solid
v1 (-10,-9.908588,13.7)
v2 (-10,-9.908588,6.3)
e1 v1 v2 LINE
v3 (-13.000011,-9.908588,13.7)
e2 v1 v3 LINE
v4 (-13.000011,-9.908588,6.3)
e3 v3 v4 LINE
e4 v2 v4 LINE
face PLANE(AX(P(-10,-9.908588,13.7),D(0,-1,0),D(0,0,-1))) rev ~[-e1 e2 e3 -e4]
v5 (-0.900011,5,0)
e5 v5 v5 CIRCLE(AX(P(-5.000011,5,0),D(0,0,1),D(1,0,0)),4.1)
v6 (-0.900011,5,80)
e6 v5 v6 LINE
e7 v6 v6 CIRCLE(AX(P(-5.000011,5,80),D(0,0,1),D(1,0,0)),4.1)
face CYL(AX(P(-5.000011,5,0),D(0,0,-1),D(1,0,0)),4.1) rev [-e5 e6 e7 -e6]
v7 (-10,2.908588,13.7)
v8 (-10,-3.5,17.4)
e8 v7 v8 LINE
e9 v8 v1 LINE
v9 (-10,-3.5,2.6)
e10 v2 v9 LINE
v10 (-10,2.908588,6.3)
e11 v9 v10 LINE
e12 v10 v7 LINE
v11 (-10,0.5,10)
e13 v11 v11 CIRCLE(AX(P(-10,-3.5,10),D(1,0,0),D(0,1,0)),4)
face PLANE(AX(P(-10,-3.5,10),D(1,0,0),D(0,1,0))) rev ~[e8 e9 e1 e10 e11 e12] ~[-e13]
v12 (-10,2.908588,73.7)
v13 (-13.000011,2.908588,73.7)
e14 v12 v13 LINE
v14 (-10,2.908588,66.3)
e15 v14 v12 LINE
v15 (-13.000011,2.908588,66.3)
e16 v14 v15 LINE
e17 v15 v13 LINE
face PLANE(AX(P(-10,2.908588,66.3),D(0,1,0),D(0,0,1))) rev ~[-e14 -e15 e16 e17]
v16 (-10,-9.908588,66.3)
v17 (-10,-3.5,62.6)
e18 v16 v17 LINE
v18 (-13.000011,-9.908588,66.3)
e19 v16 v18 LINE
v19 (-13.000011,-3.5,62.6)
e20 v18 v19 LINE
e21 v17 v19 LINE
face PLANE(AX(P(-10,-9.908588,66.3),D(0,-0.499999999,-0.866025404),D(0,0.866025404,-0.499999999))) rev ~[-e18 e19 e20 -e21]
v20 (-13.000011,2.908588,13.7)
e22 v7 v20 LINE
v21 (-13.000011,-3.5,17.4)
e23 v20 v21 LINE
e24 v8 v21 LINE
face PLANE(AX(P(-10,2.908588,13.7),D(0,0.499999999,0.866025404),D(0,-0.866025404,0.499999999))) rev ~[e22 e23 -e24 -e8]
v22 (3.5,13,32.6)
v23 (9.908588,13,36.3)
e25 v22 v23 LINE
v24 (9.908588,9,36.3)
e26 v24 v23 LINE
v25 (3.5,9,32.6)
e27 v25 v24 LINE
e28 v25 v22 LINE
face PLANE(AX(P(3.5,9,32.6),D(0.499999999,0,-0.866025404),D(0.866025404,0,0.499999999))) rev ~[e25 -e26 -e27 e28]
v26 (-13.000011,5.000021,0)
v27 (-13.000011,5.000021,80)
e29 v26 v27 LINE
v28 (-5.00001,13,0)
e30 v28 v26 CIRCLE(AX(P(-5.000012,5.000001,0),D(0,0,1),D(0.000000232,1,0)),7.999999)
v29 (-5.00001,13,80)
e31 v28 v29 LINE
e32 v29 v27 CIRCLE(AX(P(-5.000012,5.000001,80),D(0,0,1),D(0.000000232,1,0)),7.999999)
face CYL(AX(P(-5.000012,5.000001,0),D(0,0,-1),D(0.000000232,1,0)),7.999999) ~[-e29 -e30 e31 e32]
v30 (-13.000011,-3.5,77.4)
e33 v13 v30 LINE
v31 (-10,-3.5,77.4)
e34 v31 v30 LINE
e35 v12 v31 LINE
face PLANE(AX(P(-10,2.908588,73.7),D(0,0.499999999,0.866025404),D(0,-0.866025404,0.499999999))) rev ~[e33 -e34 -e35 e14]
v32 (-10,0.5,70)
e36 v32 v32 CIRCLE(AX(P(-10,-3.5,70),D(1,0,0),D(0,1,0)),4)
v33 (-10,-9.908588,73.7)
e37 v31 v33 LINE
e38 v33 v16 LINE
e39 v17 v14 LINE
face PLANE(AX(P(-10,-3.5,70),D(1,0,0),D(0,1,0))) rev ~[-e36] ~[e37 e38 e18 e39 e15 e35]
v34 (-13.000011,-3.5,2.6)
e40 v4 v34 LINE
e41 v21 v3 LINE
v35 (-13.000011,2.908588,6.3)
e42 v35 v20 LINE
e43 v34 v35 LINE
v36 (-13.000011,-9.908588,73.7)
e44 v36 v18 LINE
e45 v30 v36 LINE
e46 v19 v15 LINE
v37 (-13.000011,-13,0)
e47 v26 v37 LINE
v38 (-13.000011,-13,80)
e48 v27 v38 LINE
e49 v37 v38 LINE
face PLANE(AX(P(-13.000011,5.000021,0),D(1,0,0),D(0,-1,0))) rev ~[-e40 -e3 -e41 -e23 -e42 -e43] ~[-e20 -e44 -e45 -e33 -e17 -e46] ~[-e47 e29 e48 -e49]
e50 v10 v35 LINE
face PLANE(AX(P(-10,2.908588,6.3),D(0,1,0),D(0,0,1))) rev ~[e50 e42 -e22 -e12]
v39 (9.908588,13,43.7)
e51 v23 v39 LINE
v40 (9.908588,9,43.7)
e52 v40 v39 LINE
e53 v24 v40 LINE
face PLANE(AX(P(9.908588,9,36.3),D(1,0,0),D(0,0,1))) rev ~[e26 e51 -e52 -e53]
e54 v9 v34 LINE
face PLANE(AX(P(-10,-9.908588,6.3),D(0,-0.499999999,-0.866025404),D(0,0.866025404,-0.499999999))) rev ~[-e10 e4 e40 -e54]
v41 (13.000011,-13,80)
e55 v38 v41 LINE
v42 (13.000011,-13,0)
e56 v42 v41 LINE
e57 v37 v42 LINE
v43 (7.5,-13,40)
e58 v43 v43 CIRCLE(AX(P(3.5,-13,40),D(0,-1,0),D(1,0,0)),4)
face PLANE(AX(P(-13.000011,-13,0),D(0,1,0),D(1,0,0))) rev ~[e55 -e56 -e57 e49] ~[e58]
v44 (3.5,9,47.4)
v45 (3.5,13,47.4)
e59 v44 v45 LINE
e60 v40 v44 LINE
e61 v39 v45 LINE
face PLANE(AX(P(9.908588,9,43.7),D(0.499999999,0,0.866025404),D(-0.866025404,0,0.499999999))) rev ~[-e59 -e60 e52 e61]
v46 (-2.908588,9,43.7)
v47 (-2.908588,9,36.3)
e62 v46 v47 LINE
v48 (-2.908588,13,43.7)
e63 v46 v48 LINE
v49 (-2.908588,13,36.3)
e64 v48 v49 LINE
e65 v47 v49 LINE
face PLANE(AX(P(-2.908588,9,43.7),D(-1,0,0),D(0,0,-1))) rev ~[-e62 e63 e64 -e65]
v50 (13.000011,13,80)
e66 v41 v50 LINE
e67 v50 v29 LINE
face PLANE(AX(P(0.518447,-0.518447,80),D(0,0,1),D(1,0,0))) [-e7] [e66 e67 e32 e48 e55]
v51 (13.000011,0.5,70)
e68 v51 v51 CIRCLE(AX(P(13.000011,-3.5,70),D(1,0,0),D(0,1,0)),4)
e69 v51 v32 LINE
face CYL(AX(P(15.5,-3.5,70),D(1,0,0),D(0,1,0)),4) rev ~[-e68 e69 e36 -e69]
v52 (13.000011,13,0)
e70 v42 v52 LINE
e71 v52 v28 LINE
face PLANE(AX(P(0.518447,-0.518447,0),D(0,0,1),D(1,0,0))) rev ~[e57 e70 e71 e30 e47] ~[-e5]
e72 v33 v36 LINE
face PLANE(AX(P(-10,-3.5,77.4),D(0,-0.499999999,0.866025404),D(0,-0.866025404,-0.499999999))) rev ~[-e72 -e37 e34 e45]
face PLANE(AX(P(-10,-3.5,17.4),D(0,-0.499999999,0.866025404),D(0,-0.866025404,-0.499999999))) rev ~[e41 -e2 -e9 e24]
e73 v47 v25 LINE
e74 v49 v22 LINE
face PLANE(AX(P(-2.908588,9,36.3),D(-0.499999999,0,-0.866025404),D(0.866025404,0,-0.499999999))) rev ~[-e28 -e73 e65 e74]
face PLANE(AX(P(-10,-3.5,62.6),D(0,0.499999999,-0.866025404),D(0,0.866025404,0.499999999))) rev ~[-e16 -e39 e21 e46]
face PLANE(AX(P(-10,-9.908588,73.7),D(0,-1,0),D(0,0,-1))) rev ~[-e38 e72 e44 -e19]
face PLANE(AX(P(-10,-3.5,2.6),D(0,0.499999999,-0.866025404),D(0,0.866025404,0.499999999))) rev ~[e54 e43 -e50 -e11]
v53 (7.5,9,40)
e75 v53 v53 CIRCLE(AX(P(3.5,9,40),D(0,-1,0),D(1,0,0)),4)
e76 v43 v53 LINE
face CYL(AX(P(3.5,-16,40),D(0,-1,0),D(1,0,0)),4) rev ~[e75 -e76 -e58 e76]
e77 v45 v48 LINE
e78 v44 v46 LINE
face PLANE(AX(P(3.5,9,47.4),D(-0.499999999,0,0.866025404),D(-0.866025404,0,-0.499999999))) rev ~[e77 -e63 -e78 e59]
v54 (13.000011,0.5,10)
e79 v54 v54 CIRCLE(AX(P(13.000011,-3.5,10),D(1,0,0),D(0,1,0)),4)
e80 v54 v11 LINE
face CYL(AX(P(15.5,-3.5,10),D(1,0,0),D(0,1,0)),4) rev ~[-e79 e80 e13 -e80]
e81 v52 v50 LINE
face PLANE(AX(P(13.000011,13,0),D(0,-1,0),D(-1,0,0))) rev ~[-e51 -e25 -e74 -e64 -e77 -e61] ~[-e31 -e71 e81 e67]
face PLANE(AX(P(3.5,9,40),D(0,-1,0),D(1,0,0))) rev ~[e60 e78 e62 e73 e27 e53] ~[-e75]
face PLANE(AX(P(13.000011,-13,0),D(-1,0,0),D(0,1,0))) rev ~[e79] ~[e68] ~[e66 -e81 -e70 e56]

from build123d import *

# Parameters (mm, degrees)
SKETCH007_R  = 4
PAD003_DEPTH = 31
SKETCH001_R  = 4
PAD004_DEPTH = 31
PAD006_DEPTH = 4
PAD001_DEPTH = 4
SKETCH_R     = 4.1
PAD_DEPTH    = 80


with BuildPart() as rodhole01:
    # Sketch007 → Pad003 (new body)
    with BuildSketch(Plane.XZ.offset(16)):
        with Locations((3.5, 40)):
            Circle(SKETCH007_R)
    extrude(amount=-PAD003_DEPTH)


with BuildPart() as rodhole02:
    # Sketch001 → Pad004 (new body)
    with BuildSketch(Plane.YZ.offset(15.5)):
        with Locations((-3.5, 70)):
            Circle(SKETCH001_R)
        with Locations((-3.5, 10)):
            Circle(SKETCH001_R)
    extrude(amount=-PAD004_DEPTH)


with BuildPart() as sidenutflush02:
    # Sketch002 → Pad006 (new body)
    with BuildSketch(Plane.YZ.offset(-10)):
        Polygon((2.908588, 66.3), (2.908588, 73.7), (-3.5, 77.4), (-9.908588, 73.7), (-9.908588, 66.3), (-3.5, 62.6), align=None)
        Polygon((-3.5, 2.6), (2.908588, 6.3), (2.908588, 13.7), (-3.5, 17.4), (-9.908588, 13.7), (-9.908588, 6.3), align=None)
    extrude(amount=-PAD006_DEPTH)


with BuildPart() as cutblock:
    # Sketch008 → Pad001 (new body)
    with BuildSketch(Plane.XZ.offset(-9)):
        Polygon((9.908588, 36.3), (9.908588, 43.7), (3.5, 47.4), (-2.908588, 43.7), (-2.908588, 36.3), (3.5, 32.6), align=None)
    extrude(amount=-PAD001_DEPTH)

    # Fusion: union RodHole01, RodHole02, SideNutFlush02
    add(rodhole01.part)
    add(rodhole02.part)
    add(sidenutflush02.part)


with BuildPart() as cut:
    # Sketch → Pad (new body)
    with BuildSketch(Plane.XY):
        with BuildLine():
            Line((-13.000011, 5.000021), (-13.000011, -13))
            Line((-13.000011, -13), (13.000011, -13))
            Line((13.000011, -13), (13.000011, 13))
            Line((13.000011, 13), (-5.00001, 13))
            ThreePointArc((-5.00001, 13), (-10.656858, 10.656862), (-13.000011, 5.000021))
        make_face()
        with Locations((-5.000011, 5)):
            Circle(SKETCH_R, mode=Mode.SUBTRACT)
    extrude(amount=PAD_DEPTH)

    # Cut: cut CutBlock
    add(cutblock.part, mode=Mode.SUBTRACT)


solid = cut.part
